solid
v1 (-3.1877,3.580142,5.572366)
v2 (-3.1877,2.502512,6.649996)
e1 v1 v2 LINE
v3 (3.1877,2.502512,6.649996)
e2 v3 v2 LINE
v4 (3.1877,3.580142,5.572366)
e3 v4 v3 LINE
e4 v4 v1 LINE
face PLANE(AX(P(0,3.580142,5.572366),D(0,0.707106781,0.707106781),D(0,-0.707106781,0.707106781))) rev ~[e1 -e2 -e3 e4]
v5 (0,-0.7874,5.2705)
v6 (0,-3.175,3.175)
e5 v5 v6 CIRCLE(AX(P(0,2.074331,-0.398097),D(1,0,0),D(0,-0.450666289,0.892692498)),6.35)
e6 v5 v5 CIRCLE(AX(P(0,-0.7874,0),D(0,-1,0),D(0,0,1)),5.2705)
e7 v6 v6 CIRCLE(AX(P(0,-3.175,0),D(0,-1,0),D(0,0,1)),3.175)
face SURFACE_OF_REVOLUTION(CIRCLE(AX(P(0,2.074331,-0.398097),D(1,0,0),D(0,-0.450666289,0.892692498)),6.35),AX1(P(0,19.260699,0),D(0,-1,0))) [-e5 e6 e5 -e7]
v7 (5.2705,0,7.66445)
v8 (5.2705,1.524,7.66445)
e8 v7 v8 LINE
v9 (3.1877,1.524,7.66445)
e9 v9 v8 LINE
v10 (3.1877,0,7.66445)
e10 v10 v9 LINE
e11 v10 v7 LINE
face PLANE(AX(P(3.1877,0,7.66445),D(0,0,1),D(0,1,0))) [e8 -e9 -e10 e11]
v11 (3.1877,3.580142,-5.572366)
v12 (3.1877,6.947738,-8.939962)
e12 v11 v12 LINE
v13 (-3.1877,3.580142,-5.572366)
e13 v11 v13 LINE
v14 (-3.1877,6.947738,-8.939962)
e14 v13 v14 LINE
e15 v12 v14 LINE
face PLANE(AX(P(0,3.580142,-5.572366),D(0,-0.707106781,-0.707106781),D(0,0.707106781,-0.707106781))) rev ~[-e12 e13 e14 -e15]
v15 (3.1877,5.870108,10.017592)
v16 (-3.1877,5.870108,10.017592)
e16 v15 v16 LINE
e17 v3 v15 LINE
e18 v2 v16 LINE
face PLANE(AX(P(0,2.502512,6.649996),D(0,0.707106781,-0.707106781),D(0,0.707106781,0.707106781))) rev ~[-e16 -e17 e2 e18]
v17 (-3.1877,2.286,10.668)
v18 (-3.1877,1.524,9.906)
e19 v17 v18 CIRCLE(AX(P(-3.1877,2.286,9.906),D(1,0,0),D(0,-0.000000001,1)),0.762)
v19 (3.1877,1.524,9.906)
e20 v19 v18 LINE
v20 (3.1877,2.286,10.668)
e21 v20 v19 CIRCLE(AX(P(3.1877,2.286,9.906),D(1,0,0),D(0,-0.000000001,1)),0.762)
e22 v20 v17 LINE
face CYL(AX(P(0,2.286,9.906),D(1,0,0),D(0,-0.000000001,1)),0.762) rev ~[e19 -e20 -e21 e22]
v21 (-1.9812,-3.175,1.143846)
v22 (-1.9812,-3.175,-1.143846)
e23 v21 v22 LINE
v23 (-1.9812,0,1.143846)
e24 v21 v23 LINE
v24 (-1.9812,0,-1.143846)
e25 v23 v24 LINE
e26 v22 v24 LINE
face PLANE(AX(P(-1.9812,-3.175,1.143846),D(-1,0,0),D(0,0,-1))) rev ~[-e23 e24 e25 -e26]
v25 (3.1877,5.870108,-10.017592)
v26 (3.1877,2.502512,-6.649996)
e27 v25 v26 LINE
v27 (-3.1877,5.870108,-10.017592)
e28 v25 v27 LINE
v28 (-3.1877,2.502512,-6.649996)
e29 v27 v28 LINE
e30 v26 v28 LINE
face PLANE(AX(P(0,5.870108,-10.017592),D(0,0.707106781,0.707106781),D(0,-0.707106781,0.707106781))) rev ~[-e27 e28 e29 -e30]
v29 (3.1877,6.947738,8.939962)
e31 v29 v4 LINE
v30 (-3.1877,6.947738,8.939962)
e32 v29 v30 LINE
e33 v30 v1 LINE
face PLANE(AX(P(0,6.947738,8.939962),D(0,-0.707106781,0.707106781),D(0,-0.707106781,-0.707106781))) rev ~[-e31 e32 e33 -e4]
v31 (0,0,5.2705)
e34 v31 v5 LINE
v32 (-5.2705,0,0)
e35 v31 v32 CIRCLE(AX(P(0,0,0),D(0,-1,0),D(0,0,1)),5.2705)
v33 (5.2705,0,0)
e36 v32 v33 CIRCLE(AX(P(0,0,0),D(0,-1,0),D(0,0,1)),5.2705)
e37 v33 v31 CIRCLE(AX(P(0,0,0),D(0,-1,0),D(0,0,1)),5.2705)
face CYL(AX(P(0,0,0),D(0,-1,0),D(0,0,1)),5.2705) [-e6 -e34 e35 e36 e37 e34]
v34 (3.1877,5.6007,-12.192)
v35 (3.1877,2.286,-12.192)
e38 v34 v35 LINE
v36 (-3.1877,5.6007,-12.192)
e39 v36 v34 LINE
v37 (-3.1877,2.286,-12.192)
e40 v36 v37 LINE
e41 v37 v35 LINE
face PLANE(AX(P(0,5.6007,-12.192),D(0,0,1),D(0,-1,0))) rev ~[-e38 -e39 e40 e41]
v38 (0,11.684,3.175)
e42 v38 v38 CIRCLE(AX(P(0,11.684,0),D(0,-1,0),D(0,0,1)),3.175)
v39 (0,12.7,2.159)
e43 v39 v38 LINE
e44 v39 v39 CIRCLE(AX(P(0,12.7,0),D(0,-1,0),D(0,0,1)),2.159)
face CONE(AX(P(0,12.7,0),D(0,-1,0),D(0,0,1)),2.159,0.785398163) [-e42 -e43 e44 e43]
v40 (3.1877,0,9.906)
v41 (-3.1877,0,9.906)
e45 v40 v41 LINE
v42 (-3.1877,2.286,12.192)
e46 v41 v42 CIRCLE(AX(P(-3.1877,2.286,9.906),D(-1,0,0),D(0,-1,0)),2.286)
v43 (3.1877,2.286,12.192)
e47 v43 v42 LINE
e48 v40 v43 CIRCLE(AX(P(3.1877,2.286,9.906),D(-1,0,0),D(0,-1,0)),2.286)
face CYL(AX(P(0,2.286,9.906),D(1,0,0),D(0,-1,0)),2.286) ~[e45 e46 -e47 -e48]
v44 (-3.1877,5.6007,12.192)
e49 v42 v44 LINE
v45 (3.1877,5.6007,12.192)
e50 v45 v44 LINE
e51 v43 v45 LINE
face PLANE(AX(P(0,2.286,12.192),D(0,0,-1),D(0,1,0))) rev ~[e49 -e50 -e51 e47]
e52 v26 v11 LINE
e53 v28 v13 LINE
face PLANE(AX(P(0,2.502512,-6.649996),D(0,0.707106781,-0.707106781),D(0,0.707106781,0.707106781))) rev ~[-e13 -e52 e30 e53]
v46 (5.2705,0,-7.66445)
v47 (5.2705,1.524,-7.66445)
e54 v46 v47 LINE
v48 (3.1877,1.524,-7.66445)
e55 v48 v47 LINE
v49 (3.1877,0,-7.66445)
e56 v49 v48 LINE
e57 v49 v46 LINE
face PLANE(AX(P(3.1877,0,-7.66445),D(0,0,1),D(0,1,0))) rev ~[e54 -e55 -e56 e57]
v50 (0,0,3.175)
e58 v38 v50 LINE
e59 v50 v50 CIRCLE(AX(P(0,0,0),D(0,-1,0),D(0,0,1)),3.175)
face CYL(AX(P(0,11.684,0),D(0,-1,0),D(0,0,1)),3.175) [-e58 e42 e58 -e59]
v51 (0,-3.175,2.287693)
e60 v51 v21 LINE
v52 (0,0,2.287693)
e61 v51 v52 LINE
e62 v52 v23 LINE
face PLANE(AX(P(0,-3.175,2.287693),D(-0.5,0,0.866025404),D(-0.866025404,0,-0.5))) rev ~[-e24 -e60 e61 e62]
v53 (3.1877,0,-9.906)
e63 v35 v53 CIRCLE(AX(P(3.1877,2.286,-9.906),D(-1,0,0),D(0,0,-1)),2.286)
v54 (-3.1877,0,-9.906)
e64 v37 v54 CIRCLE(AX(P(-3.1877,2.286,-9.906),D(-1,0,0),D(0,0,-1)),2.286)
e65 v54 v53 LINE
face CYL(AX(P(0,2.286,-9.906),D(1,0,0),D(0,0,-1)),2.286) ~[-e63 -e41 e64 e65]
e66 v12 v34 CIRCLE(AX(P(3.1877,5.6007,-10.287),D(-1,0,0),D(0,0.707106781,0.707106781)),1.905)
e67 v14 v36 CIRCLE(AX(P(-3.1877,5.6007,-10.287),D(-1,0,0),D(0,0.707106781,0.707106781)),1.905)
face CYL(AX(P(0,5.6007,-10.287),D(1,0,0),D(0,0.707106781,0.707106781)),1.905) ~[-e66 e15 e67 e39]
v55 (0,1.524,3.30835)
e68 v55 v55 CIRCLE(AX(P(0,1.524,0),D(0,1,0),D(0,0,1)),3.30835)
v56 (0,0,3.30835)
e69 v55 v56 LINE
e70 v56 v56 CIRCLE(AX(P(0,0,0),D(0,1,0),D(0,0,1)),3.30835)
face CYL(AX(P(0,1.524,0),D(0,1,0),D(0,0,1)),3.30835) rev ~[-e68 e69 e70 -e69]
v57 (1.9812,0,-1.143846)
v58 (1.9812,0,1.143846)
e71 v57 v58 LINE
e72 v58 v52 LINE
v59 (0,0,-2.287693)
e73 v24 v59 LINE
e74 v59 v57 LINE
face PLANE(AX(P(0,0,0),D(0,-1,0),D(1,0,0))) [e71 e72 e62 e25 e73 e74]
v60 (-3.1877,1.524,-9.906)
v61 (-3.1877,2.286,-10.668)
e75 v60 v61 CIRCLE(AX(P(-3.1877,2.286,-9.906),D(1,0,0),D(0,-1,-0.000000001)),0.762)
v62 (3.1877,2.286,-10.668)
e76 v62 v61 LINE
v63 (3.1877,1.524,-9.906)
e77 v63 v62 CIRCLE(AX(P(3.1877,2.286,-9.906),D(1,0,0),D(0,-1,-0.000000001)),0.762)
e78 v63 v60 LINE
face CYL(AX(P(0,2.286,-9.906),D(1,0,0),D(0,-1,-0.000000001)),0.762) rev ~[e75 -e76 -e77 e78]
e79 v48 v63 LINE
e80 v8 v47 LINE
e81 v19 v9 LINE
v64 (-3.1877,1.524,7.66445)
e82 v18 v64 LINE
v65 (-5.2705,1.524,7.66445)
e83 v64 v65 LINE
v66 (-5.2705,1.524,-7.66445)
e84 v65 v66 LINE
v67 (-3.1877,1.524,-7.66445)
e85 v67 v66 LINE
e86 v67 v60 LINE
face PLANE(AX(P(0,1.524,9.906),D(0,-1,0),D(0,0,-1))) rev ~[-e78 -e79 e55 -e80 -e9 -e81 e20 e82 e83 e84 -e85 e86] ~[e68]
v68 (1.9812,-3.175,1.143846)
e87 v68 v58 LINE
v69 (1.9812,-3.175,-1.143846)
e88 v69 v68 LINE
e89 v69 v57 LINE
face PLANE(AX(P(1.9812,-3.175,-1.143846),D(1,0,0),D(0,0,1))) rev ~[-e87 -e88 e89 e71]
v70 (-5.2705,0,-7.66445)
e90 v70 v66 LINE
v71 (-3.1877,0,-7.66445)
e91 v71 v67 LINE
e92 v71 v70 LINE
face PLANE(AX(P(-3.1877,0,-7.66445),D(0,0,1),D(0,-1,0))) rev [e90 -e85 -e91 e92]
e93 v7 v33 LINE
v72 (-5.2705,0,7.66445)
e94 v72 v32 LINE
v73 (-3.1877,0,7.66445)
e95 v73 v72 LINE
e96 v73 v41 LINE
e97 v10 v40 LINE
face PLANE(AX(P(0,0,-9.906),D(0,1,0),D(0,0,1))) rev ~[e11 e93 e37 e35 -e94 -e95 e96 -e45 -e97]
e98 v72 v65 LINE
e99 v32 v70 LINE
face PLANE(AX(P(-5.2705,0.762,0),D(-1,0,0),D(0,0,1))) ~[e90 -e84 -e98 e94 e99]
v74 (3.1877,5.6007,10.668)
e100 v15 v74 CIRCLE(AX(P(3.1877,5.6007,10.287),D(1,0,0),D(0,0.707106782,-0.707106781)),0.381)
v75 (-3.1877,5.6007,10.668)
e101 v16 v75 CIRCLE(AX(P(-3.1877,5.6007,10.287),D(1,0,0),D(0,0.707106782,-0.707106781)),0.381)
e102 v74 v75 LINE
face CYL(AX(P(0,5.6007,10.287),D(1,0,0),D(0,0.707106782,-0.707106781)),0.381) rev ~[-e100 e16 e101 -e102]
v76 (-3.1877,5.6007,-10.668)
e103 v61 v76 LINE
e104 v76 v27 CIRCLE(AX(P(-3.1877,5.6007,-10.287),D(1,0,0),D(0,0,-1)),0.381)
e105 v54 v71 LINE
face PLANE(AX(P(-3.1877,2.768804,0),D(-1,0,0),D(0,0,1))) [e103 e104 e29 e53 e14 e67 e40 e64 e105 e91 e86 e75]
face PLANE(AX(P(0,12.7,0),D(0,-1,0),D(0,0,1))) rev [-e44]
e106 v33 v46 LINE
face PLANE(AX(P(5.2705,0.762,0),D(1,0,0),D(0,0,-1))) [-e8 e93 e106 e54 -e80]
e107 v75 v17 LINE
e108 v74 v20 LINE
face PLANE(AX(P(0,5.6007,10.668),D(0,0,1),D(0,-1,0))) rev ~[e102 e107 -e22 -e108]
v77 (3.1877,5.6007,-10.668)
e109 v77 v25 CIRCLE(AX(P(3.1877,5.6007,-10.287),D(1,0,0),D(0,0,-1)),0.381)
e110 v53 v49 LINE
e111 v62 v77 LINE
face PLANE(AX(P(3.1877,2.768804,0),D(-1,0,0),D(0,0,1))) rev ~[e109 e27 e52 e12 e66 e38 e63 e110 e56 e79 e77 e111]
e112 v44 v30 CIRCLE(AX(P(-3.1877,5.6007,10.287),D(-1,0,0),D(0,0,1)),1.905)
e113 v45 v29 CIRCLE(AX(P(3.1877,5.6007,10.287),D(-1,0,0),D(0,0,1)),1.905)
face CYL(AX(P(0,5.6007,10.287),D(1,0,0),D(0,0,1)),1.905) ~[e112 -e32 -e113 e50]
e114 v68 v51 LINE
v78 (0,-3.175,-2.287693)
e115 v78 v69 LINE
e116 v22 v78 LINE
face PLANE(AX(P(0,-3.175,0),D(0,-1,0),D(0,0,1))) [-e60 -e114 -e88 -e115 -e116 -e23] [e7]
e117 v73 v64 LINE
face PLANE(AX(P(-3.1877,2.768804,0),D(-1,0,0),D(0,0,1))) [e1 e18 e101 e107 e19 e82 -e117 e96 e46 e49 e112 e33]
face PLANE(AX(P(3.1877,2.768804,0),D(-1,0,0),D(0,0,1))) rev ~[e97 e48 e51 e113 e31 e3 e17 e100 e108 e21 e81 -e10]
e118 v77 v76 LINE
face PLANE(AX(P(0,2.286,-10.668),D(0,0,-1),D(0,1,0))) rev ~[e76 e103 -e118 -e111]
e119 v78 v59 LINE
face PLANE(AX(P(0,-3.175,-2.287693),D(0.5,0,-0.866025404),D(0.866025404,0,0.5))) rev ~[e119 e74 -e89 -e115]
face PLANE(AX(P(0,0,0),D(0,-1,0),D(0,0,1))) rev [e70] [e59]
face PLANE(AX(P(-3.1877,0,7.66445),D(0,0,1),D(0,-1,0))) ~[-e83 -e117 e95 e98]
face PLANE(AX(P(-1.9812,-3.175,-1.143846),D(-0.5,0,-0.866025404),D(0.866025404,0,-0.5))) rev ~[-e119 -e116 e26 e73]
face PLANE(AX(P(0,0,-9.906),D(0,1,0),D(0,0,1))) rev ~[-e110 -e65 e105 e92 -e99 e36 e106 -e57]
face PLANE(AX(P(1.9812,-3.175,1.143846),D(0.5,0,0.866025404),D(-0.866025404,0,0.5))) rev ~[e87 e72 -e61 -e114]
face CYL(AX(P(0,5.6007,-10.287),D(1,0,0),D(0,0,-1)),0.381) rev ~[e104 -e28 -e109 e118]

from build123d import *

# Parameters (mm, degrees)
BOSS_EXTRUDE1_DEPTH = 3.1877
SKETCH2_W           = 15.3289
SKETCH2_H           = 1.524
BOSS_EXTRUDE2_DEPTH = 2.0828
SKETCH3_R           = 3.30835
CUT_EXTRUDE1_DEPTH  = 15.567215559
CUT_EXTRUDE2_DEPTH  = 3.175


with BuildPart() as part:
    # Sketch1 → Boss-Extrude1 (new, symmetric)
    with BuildSketch(Plane(origin=(0, 0, 0), x_dir=(0, 0, -1), z_dir=(1, 0, 0))):
        with BuildLine():
            Line((9.906, 0), (-9.906, 0))
            ThreePointArc((-9.906, 0), (-11.522446102, 0.669553898), (-12.192, 2.286))
            Line((-12.192, 2.286), (-12.192, 5.6007))
            ThreePointArc((-12.192, 5.6007), (-11.016011939, 7.360690509), (-8.939961582, 6.947738418))
            Line((-8.939961582, 6.947738418), (-5.572365536, 3.580142373))
            Line((-5.572365536, 3.580142373), (-6.649996271, 2.502511638))
            Line((-6.649996271, 2.502511638), (-10.017592316, 5.870107684))
            ThreePointArc((-10.017592316, 5.870107684), (-10.432802388, 5.952698102), (-10.668, 5.6007))
            Line((-10.668, 5.6007), (-10.668, 2.286))
            ThreePointArc((-10.668, 2.286), (-10.444815367, 1.747184633), (-9.906, 1.524))
            Line((-9.906, 1.524), (9.906, 1.524))
            ThreePointArc((9.906, 1.524), (10.444815367, 1.747184633), (10.668, 2.286))
            Line((10.668, 2.286), (10.668, 5.6007))
            ThreePointArc((10.668, 5.6007), (10.432802388, 5.952698102), (10.017592316, 5.870107684))
            Line((10.017592316, 5.870107684), (6.649996271, 2.502511638))
            Line((6.649996271, 2.502511638), (5.572365536, 3.580142373))
            Line((5.572365536, 3.580142373), (8.939961582, 6.947738418))
            ThreePointArc((8.939961582, 6.947738418), (11.016011939, 7.360690509), (12.192, 5.6007))
            Line((12.192, 5.6007), (12.192, 2.286))
            ThreePointArc((12.192, 2.286), (11.522446102, 0.669553898), (9.906, 0))
        make_face()
    extrude(amount=BOSS_EXTRUDE1_DEPTH, both=True)

    # Sketch2 → Boss-Extrude2 (add)
    with BuildSketch(Plane(origin=(3.1877, 0, 0), x_dir=(0, 0, -1), z_dir=(1, 0, 0))):
        with Locations((0, 0.762)):
            Rectangle(SKETCH2_W, SKETCH2_H)
    boss_extrude2 = extrude(amount=BOSS_EXTRUDE2_DEPTH)

    # Mirror1: Boss-Extrude2 across plane
    add(boss_extrude2.mirror(Plane(origin=(0, 0, 0), x_dir=(0, 0, 1), z_dir=(1, 0, 0))))

    # Sketch3 → Cut-Extrude1 (cut, through all)
    with BuildSketch(Plane(origin=(0, 1.524, 0), x_dir=(1, 0, 0), z_dir=(0, 1, 0))):
        with Locations(Location((0, 0, 0), (0, 0, 270))):
            Circle(SKETCH3_R)
    extrude(amount=-CUT_EXTRUDE1_DEPTH, mode=Mode.SUBTRACT)

    # Sketch4 → Revolve1 (revolve)
    with BuildSketch(Plane(origin=(0, 0, 0), x_dir=(0, 0, -1), z_dir=(1, 0, 0)), mode=Mode.PRIVATE) as revolve1_sk:
        with BuildLine():
            Line((3.175, 0), (5.2705, 0))
            Line((5.2705, 0), (5.2705, -0.7874))
            ThreePointArc((5.2705, -0.7874), (4.374468906, -2.11435755), (3.175, -3.175))
            Line((3.175, -3.175), (0, -3.175))
            Line((0, -3.175), (0, 12.7))
            Line((0, 12.7), (2.159, 12.7))
            Line((2.159, 12.7), (3.175, 11.684))
            Line((3.175, 11.684), (3.175, 0))
        make_face()
    revolve(revolve1_sk.sketch.rotate(Axis((0, 19.260698501, 0), (0, -1, 0)), 180), axis=Axis((0, 19.260698501, 0), (0, -1, 0)))

    # Sketch5 → Cut-Extrude2 (cut)
    with BuildSketch(Plane.XZ.offset(3.175)):
        Polygon((0, 2.287692707), (-1.9812, 1.143846353), (-1.9812, -1.143846353), (0, -2.287692707), (1.9812, -1.143846353), (1.9812, 1.143846353), align=None)
    extrude(amount=-CUT_EXTRUDE2_DEPTH, mode=Mode.SUBTRACT)


solid = part.part
